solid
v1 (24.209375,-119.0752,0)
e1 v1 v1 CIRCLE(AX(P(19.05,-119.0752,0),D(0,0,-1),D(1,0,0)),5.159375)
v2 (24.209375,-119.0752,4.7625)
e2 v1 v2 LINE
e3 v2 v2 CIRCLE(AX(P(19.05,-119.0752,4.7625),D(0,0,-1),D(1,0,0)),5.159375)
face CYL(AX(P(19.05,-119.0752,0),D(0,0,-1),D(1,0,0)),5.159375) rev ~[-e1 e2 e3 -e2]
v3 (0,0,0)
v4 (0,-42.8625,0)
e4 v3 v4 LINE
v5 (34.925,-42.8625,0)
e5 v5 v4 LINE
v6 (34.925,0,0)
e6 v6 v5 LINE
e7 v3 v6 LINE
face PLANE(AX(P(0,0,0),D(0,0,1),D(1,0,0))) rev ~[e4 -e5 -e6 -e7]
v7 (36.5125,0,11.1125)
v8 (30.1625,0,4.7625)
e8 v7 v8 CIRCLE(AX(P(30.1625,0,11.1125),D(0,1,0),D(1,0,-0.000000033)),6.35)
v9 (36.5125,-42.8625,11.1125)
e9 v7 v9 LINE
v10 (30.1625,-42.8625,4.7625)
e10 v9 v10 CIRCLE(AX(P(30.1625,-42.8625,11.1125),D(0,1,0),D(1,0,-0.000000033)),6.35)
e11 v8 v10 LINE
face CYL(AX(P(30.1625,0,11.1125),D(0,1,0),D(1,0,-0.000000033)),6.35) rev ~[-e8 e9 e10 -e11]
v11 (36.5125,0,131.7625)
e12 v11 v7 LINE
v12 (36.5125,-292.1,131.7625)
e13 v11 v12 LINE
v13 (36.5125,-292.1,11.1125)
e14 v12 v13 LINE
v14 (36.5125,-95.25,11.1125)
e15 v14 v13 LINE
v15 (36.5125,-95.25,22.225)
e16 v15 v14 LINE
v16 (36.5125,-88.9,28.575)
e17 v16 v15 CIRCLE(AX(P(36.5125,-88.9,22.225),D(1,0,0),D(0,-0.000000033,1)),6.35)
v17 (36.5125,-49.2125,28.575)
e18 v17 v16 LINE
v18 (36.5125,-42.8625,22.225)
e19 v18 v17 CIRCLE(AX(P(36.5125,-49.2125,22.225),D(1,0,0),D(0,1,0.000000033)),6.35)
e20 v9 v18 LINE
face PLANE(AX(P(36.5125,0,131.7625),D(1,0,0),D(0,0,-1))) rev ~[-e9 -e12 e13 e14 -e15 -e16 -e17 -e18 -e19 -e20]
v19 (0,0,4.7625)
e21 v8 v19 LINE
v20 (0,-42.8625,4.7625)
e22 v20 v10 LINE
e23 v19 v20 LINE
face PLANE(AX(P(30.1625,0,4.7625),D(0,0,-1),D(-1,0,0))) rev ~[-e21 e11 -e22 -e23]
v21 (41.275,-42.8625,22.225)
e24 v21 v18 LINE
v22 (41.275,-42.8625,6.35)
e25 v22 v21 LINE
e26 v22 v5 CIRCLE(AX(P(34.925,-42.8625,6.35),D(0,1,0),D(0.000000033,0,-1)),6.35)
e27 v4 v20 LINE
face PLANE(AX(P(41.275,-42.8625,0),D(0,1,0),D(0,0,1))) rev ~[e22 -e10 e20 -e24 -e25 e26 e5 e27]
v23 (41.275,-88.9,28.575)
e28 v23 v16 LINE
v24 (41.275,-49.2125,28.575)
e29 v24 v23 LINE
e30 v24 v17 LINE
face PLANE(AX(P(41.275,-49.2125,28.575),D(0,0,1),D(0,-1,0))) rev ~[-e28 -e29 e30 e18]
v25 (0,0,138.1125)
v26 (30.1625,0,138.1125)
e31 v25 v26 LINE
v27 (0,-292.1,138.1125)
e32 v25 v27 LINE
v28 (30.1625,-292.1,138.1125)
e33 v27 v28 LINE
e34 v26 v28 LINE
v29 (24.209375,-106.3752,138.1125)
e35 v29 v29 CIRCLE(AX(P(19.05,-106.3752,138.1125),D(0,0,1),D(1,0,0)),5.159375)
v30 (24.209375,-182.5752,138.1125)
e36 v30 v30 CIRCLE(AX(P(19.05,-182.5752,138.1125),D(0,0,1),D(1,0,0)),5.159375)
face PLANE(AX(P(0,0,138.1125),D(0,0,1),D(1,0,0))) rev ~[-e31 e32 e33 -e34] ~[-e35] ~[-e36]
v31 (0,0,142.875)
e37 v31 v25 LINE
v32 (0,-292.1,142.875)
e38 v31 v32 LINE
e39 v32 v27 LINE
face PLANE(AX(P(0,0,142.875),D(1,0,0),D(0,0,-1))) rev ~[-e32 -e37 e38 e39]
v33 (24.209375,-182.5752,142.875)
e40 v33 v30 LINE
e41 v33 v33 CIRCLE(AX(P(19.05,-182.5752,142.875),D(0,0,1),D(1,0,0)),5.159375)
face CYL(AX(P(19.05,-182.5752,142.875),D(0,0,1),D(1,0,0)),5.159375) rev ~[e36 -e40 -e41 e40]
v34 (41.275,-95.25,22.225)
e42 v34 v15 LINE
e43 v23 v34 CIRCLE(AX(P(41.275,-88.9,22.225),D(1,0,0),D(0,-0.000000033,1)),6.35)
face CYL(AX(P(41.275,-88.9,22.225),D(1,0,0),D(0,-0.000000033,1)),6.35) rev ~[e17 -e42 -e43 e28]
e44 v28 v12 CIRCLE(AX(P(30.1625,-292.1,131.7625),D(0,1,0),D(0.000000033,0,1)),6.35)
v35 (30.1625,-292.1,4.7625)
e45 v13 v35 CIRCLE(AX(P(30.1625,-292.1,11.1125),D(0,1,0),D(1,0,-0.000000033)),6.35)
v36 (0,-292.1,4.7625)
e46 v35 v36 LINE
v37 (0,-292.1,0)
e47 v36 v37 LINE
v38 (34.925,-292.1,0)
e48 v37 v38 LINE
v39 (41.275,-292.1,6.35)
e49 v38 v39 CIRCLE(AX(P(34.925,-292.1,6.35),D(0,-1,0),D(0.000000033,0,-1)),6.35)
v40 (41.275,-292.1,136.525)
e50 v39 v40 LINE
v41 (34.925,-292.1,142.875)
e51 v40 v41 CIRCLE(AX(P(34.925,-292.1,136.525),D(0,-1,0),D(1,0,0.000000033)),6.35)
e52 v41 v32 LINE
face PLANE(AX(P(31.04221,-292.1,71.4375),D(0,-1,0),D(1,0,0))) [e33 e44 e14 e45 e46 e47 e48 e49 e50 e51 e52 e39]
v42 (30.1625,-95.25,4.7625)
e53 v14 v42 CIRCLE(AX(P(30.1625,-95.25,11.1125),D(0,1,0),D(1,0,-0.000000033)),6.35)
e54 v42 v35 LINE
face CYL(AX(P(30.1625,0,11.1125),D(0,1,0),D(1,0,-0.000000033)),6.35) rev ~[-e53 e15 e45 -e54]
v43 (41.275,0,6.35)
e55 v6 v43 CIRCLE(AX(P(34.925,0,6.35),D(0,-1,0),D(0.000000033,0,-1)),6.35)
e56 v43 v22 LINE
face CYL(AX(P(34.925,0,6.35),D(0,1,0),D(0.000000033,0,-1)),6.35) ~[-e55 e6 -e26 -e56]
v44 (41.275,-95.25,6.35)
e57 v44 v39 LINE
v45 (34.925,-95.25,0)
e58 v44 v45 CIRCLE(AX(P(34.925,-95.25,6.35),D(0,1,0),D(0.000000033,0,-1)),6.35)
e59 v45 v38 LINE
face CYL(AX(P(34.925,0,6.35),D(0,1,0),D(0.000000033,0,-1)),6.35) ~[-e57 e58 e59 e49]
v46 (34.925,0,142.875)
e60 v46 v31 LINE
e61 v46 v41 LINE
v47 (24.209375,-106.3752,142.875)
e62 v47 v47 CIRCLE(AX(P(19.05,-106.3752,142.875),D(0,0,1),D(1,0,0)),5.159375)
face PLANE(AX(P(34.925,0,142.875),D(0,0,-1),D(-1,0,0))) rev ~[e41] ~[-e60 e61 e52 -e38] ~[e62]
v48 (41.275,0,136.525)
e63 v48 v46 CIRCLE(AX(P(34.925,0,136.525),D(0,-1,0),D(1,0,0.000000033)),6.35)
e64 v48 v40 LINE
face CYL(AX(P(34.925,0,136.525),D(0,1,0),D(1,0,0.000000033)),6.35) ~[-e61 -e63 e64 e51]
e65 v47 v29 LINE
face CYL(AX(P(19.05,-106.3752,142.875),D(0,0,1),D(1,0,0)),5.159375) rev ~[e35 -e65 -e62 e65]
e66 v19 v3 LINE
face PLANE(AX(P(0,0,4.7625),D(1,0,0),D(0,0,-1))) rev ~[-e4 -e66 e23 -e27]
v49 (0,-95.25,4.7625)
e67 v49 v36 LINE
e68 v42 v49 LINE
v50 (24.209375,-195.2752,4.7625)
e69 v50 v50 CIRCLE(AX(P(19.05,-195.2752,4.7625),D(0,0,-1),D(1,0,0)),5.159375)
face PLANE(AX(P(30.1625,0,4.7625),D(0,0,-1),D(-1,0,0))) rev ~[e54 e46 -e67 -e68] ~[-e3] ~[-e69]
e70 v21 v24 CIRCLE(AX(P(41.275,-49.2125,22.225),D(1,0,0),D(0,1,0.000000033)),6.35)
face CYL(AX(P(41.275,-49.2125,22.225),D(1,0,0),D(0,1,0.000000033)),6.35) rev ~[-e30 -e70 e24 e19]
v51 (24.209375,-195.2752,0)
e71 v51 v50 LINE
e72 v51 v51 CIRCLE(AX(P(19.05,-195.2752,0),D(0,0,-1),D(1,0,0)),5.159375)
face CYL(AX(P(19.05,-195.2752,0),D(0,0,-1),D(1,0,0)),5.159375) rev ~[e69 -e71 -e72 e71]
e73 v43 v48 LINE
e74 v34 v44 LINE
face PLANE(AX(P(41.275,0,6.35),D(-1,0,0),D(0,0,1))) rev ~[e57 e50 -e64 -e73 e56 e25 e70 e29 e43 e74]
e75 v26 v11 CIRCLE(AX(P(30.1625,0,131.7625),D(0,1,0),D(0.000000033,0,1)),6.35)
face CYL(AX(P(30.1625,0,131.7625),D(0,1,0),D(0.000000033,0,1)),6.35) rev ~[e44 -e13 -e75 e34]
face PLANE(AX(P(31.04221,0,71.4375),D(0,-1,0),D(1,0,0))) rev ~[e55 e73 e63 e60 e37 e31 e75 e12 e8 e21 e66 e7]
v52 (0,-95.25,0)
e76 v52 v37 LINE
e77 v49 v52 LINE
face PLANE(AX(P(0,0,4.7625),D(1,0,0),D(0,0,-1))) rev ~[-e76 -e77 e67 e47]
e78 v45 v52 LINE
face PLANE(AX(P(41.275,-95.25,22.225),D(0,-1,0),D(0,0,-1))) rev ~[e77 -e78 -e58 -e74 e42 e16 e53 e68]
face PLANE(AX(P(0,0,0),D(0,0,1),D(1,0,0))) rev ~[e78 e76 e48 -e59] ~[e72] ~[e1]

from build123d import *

# Parameters (mm, degrees)
F1_DEPTH = 292.1
F3_DEPTH = 41.276
F4_R     = 5.159375
F5_DEPTH = 4.7625
F6_R     = 5.159375
F7_DEPTH = 4.7625


with BuildPart() as f1:
    # F0 (on Front) → F1 (new body)
    with BuildSketch(Plane.XZ):
        with BuildLine():
            Line((0, 4.7625), (0, 0))
            Line((0, 0), (34.925, 0))
            ThreePointArc((34.925, 0), (39.415128, 1.859872), (41.275, 6.35))
            Line((41.275, 6.35), (41.275, 136.525))
            ThreePointArc((41.275, 136.525), (39.415128, 141.015128), (34.925, 142.875))
            Line((34.925, 142.875), (0, 142.875))
            Line((0, 142.875), (0, 138.1125))
            Line((0, 138.1125), (30.1625, 138.1125))
            ThreePointArc((30.1625, 138.1125), (34.652628, 136.252628), (36.5125, 131.7625))
            Line((36.5125, 131.7625), (36.5125, 11.1125))
            ThreePointArc((36.5125, 11.1125), (34.652628, 6.622372), (30.1625, 4.7625))
            Line((30.1625, 4.7625), (0, 4.7625))
        make_face()
    extrude(amount=F1_DEPTH)

    # F2 (on face) → F3 (cut, through all)
    with BuildSketch(Plane.YZ.offset(41.275)):
        with BuildLine():
            Line((-95.25, 22.225), (-95.25, 0))
            Line((-95.25, 0), (-42.8625, 0))
            Line((-42.8625, 0), (-42.8625, 22.225))
            ThreePointArc((-42.8625, 22.225), (-44.722372, 26.715128), (-49.2125, 28.575))
            Line((-49.2125, 28.575), (-88.9, 28.575))
            ThreePointArc((-88.9, 28.575), (-93.390128, 26.715128), (-95.25, 22.225))
        make_face()
    extrude(amount=-F3_DEPTH, mode=Mode.SUBTRACT)

    # F4 (on face) → F5 (cut, through all)
    with BuildSketch(Plane.XY.offset(142.875)):
        with Locations((19.05, -106.3752)):
            Circle(F4_R)
        with Locations((19.05, -182.5752)):
            Circle(F4_R)
    extrude(amount=-F5_DEPTH, mode=Mode.SUBTRACT)

    # F6 (on face) → F7 (cut, through all)
    with BuildSketch(Plane(origin=(0, 0, 0), x_dir=(1, 0, 0), z_dir=(0, 0, -1))):
        with Locations((19.05, 119.0752)):
            Circle(F6_R)
        with Locations((19.05, 195.2752)):
            Circle(F6_R)
    extrude(amount=-F7_DEPTH, mode=Mode.SUBTRACT)


solid = f1.part
